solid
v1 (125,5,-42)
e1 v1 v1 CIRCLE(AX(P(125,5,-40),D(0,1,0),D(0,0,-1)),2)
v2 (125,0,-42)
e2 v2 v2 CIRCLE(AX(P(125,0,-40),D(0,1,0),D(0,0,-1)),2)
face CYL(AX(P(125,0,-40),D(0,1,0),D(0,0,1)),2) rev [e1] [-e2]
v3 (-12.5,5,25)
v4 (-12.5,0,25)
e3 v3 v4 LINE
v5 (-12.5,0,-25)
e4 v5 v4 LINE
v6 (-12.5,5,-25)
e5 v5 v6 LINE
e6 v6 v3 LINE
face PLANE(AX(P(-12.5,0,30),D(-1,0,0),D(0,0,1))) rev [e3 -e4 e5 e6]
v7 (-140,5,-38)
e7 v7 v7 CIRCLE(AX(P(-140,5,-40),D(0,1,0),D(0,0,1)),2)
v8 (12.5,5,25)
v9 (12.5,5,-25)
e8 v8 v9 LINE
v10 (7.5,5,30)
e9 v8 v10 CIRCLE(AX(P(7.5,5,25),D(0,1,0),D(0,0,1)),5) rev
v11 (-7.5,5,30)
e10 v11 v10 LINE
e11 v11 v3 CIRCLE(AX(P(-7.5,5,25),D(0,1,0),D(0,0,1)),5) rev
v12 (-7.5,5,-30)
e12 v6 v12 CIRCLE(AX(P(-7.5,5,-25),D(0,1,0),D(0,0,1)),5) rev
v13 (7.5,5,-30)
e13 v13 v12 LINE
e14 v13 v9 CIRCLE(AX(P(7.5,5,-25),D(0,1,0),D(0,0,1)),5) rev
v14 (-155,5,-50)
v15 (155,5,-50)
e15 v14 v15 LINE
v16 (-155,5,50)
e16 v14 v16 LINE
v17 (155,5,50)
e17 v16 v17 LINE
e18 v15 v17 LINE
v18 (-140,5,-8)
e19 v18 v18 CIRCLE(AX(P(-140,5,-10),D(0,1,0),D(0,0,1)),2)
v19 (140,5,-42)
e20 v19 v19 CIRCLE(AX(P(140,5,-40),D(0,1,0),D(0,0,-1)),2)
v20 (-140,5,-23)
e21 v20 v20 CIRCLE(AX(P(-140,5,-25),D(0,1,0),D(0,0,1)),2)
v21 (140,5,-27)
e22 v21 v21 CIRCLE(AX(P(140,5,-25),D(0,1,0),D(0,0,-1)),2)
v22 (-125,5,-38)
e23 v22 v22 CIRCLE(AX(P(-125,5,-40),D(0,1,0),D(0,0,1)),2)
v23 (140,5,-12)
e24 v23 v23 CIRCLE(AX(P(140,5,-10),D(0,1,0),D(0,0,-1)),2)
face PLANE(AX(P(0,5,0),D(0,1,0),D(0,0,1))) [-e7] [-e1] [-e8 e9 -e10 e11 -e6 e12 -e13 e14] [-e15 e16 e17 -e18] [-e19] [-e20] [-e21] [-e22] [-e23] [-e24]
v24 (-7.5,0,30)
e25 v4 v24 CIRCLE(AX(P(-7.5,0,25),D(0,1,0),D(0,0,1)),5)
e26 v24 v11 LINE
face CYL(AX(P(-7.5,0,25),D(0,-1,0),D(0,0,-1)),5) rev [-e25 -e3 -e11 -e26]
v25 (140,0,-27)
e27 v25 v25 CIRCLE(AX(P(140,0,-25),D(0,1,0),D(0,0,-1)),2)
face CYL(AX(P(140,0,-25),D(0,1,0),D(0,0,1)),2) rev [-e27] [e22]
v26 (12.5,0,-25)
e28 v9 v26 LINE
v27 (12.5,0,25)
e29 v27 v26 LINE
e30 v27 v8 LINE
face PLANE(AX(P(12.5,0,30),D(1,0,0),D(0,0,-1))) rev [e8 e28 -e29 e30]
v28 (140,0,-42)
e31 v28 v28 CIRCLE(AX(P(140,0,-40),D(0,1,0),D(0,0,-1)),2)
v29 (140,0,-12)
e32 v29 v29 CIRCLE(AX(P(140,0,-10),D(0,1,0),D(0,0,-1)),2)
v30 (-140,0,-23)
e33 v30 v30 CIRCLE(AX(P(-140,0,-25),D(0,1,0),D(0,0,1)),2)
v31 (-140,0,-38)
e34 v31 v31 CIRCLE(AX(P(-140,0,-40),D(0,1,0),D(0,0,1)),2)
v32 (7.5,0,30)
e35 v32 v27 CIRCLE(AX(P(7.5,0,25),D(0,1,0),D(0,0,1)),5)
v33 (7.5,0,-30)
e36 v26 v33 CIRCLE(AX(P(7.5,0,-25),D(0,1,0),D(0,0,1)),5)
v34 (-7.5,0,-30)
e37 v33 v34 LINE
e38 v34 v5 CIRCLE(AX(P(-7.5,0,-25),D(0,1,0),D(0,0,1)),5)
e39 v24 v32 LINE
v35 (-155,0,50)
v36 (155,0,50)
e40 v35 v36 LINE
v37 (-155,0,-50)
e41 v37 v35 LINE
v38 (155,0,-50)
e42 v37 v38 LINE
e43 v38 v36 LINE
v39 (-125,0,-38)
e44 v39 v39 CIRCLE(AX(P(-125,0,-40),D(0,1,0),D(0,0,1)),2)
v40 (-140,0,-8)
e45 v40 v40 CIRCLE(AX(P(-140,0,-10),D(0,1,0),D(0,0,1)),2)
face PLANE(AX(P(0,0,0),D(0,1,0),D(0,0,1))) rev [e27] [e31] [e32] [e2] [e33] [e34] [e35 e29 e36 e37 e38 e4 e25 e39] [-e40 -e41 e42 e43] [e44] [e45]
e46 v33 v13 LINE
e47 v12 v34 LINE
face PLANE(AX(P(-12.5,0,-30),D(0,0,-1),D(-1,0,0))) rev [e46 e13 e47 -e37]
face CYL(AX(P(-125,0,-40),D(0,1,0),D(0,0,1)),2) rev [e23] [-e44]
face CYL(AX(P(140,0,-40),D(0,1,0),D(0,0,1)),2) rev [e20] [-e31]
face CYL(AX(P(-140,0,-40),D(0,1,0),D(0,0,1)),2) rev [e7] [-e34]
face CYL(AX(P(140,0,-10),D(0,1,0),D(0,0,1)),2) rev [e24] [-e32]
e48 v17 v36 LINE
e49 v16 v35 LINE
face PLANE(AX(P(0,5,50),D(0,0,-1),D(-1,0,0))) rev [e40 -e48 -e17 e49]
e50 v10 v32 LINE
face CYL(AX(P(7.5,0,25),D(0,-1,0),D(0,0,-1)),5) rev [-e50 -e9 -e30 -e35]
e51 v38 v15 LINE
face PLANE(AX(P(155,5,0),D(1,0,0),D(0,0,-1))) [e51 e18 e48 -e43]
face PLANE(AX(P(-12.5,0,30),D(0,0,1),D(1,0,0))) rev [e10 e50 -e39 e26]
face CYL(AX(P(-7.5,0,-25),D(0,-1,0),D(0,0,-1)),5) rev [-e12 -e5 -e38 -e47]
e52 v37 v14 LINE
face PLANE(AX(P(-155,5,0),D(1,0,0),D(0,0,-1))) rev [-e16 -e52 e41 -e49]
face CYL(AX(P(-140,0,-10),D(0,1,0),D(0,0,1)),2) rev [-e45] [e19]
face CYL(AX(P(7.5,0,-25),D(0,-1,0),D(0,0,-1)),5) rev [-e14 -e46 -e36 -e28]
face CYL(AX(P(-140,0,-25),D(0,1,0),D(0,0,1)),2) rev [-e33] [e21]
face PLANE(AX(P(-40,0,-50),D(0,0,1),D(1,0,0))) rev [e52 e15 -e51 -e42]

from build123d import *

# Parameters (mm, degrees)
SKETCH1_W           = 120
SKETCH1_H           = 95
SKETCH1_W_2         = 310
SKETCH1_H_2         = 100
BOSS_EXTRUDE1_DEPTH = 5
SKETCH2_R           = 2
SKETCH2_W           = 25
SKETCH2_H           = 60
CUT_EXTRUDE1_DEPTH  = 6
FILLET1_R           = 5
SKETCH5_W           = 80
SKETCH5_H           = 70
CUT_EXTRUDE2_DEPTH  = 5
CHAMFER1_SIZE       = 20
SKETCH6_W           = 95
SKETCH6_H           = 95
BOSS_EXTRUDE2_DEPTH = 5
SKETCH7_W           = 310
SKETCH7_H           = 95
CUT_EXTRUDE3_DEPTH  = 6


with BuildPart() as part:
    # Sketch1 → Boss-Extrude1 (new body)
    with BuildSketch(Plane(origin=(0, 0, 0), x_dir=(1, 0, 0), z_dir=(0, 1, 0))):
        with Locations((0, 97.5)):
            Rectangle(SKETCH1_W, SKETCH1_H)
        Rectangle(SKETCH1_W_2, SKETCH1_H_2)
    extrude(amount=BOSS_EXTRUDE1_DEPTH)

    # Sketch2 → Cut-Extrude1 (cut, through all)
    with BuildSketch(Plane(origin=(0, 5, 0), x_dir=(1, 0, 0), z_dir=(0, 1, 0))):
        with Locations((-140, 40)):
            Circle(SKETCH2_R)
        with Locations((-125, 40)):
            Circle(SKETCH2_R)
        with Locations((-140, 25)):
            Circle(SKETCH2_R)
        with Locations((-140, 10)):
            Circle(SKETCH2_R)
        with Locations((140, 10)):
            Circle(SKETCH2_R)
        with Locations((140, 25)):
            Circle(SKETCH2_R)
        with Locations((125, 40)):
            Circle(SKETCH2_R)
        with Locations((140, 40)):
            Circle(SKETCH2_R)
        with Locations((-50, 130)):
            Circle(SKETCH2_R)
        with Locations((50, 130)):
            Circle(SKETCH2_R)
        Rectangle(SKETCH2_W, SKETCH2_H)
    extrude(amount=-CUT_EXTRUDE1_DEPTH, mode=Mode.SUBTRACT)

    # Fillet1
    fillet1_edges = [part.edges().sort_by_distance(p)[0] for p in [
        (12.5, 2.5, -30),
        (12.5, 2.5, 30),
        (-12.5, 2.5, 30),
        (-12.5, 2.5, -30),
    ]]
    fillet(fillet1_edges, radius=FILLET1_R)

    # Sketch5 → Cut-Extrude2 (cut)
    with BuildSketch(Plane(origin=(0, 5, 0), x_dir=(1, 0, 0), z_dir=(0, 1, 0))):
        with Locations((0, 85)):
            Rectangle(SKETCH5_W, SKETCH5_H)
    extrude(amount=-CUT_EXTRUDE2_DEPTH, mode=Mode.SUBTRACT)

    # Chamfer1
    chamfer1_edges = [part.edges().sort_by_distance(p)[0] for p in [
        (40, 2.5, -50),
        (-40, 2.5, -50),
        (-40, 2.5, -120),
        (40, 2.5, -120),
    ]]
    chamfer(chamfer1_edges, length=CHAMFER1_SIZE)

    # Sketch6 → Boss-Extrude2 (add)
    with BuildSketch(Plane(origin=(0, 5, 0), x_dir=(1, 0, 0), z_dir=(0, 1, 0))):
        with Locations((107.5, 97.5)):
            Rectangle(SKETCH6_W, SKETCH6_H)
        with Locations((-107.5, 97.5)):
            Rectangle(SKETCH6_W, SKETCH6_H)
    extrude(amount=-BOSS_EXTRUDE2_DEPTH)

    # Sketch7 → Cut-Extrude3 (cut, through all)
    with BuildSketch(Plane(origin=(0, 5, 0), x_dir=(1, 0, 0), z_dir=(0, 1, 0))):
        with Locations((0, 97.5)):
            Rectangle(SKETCH7_W, SKETCH7_H)
    extrude(amount=-CUT_EXTRUDE3_DEPTH, mode=Mode.SUBTRACT)


solid = part.part
